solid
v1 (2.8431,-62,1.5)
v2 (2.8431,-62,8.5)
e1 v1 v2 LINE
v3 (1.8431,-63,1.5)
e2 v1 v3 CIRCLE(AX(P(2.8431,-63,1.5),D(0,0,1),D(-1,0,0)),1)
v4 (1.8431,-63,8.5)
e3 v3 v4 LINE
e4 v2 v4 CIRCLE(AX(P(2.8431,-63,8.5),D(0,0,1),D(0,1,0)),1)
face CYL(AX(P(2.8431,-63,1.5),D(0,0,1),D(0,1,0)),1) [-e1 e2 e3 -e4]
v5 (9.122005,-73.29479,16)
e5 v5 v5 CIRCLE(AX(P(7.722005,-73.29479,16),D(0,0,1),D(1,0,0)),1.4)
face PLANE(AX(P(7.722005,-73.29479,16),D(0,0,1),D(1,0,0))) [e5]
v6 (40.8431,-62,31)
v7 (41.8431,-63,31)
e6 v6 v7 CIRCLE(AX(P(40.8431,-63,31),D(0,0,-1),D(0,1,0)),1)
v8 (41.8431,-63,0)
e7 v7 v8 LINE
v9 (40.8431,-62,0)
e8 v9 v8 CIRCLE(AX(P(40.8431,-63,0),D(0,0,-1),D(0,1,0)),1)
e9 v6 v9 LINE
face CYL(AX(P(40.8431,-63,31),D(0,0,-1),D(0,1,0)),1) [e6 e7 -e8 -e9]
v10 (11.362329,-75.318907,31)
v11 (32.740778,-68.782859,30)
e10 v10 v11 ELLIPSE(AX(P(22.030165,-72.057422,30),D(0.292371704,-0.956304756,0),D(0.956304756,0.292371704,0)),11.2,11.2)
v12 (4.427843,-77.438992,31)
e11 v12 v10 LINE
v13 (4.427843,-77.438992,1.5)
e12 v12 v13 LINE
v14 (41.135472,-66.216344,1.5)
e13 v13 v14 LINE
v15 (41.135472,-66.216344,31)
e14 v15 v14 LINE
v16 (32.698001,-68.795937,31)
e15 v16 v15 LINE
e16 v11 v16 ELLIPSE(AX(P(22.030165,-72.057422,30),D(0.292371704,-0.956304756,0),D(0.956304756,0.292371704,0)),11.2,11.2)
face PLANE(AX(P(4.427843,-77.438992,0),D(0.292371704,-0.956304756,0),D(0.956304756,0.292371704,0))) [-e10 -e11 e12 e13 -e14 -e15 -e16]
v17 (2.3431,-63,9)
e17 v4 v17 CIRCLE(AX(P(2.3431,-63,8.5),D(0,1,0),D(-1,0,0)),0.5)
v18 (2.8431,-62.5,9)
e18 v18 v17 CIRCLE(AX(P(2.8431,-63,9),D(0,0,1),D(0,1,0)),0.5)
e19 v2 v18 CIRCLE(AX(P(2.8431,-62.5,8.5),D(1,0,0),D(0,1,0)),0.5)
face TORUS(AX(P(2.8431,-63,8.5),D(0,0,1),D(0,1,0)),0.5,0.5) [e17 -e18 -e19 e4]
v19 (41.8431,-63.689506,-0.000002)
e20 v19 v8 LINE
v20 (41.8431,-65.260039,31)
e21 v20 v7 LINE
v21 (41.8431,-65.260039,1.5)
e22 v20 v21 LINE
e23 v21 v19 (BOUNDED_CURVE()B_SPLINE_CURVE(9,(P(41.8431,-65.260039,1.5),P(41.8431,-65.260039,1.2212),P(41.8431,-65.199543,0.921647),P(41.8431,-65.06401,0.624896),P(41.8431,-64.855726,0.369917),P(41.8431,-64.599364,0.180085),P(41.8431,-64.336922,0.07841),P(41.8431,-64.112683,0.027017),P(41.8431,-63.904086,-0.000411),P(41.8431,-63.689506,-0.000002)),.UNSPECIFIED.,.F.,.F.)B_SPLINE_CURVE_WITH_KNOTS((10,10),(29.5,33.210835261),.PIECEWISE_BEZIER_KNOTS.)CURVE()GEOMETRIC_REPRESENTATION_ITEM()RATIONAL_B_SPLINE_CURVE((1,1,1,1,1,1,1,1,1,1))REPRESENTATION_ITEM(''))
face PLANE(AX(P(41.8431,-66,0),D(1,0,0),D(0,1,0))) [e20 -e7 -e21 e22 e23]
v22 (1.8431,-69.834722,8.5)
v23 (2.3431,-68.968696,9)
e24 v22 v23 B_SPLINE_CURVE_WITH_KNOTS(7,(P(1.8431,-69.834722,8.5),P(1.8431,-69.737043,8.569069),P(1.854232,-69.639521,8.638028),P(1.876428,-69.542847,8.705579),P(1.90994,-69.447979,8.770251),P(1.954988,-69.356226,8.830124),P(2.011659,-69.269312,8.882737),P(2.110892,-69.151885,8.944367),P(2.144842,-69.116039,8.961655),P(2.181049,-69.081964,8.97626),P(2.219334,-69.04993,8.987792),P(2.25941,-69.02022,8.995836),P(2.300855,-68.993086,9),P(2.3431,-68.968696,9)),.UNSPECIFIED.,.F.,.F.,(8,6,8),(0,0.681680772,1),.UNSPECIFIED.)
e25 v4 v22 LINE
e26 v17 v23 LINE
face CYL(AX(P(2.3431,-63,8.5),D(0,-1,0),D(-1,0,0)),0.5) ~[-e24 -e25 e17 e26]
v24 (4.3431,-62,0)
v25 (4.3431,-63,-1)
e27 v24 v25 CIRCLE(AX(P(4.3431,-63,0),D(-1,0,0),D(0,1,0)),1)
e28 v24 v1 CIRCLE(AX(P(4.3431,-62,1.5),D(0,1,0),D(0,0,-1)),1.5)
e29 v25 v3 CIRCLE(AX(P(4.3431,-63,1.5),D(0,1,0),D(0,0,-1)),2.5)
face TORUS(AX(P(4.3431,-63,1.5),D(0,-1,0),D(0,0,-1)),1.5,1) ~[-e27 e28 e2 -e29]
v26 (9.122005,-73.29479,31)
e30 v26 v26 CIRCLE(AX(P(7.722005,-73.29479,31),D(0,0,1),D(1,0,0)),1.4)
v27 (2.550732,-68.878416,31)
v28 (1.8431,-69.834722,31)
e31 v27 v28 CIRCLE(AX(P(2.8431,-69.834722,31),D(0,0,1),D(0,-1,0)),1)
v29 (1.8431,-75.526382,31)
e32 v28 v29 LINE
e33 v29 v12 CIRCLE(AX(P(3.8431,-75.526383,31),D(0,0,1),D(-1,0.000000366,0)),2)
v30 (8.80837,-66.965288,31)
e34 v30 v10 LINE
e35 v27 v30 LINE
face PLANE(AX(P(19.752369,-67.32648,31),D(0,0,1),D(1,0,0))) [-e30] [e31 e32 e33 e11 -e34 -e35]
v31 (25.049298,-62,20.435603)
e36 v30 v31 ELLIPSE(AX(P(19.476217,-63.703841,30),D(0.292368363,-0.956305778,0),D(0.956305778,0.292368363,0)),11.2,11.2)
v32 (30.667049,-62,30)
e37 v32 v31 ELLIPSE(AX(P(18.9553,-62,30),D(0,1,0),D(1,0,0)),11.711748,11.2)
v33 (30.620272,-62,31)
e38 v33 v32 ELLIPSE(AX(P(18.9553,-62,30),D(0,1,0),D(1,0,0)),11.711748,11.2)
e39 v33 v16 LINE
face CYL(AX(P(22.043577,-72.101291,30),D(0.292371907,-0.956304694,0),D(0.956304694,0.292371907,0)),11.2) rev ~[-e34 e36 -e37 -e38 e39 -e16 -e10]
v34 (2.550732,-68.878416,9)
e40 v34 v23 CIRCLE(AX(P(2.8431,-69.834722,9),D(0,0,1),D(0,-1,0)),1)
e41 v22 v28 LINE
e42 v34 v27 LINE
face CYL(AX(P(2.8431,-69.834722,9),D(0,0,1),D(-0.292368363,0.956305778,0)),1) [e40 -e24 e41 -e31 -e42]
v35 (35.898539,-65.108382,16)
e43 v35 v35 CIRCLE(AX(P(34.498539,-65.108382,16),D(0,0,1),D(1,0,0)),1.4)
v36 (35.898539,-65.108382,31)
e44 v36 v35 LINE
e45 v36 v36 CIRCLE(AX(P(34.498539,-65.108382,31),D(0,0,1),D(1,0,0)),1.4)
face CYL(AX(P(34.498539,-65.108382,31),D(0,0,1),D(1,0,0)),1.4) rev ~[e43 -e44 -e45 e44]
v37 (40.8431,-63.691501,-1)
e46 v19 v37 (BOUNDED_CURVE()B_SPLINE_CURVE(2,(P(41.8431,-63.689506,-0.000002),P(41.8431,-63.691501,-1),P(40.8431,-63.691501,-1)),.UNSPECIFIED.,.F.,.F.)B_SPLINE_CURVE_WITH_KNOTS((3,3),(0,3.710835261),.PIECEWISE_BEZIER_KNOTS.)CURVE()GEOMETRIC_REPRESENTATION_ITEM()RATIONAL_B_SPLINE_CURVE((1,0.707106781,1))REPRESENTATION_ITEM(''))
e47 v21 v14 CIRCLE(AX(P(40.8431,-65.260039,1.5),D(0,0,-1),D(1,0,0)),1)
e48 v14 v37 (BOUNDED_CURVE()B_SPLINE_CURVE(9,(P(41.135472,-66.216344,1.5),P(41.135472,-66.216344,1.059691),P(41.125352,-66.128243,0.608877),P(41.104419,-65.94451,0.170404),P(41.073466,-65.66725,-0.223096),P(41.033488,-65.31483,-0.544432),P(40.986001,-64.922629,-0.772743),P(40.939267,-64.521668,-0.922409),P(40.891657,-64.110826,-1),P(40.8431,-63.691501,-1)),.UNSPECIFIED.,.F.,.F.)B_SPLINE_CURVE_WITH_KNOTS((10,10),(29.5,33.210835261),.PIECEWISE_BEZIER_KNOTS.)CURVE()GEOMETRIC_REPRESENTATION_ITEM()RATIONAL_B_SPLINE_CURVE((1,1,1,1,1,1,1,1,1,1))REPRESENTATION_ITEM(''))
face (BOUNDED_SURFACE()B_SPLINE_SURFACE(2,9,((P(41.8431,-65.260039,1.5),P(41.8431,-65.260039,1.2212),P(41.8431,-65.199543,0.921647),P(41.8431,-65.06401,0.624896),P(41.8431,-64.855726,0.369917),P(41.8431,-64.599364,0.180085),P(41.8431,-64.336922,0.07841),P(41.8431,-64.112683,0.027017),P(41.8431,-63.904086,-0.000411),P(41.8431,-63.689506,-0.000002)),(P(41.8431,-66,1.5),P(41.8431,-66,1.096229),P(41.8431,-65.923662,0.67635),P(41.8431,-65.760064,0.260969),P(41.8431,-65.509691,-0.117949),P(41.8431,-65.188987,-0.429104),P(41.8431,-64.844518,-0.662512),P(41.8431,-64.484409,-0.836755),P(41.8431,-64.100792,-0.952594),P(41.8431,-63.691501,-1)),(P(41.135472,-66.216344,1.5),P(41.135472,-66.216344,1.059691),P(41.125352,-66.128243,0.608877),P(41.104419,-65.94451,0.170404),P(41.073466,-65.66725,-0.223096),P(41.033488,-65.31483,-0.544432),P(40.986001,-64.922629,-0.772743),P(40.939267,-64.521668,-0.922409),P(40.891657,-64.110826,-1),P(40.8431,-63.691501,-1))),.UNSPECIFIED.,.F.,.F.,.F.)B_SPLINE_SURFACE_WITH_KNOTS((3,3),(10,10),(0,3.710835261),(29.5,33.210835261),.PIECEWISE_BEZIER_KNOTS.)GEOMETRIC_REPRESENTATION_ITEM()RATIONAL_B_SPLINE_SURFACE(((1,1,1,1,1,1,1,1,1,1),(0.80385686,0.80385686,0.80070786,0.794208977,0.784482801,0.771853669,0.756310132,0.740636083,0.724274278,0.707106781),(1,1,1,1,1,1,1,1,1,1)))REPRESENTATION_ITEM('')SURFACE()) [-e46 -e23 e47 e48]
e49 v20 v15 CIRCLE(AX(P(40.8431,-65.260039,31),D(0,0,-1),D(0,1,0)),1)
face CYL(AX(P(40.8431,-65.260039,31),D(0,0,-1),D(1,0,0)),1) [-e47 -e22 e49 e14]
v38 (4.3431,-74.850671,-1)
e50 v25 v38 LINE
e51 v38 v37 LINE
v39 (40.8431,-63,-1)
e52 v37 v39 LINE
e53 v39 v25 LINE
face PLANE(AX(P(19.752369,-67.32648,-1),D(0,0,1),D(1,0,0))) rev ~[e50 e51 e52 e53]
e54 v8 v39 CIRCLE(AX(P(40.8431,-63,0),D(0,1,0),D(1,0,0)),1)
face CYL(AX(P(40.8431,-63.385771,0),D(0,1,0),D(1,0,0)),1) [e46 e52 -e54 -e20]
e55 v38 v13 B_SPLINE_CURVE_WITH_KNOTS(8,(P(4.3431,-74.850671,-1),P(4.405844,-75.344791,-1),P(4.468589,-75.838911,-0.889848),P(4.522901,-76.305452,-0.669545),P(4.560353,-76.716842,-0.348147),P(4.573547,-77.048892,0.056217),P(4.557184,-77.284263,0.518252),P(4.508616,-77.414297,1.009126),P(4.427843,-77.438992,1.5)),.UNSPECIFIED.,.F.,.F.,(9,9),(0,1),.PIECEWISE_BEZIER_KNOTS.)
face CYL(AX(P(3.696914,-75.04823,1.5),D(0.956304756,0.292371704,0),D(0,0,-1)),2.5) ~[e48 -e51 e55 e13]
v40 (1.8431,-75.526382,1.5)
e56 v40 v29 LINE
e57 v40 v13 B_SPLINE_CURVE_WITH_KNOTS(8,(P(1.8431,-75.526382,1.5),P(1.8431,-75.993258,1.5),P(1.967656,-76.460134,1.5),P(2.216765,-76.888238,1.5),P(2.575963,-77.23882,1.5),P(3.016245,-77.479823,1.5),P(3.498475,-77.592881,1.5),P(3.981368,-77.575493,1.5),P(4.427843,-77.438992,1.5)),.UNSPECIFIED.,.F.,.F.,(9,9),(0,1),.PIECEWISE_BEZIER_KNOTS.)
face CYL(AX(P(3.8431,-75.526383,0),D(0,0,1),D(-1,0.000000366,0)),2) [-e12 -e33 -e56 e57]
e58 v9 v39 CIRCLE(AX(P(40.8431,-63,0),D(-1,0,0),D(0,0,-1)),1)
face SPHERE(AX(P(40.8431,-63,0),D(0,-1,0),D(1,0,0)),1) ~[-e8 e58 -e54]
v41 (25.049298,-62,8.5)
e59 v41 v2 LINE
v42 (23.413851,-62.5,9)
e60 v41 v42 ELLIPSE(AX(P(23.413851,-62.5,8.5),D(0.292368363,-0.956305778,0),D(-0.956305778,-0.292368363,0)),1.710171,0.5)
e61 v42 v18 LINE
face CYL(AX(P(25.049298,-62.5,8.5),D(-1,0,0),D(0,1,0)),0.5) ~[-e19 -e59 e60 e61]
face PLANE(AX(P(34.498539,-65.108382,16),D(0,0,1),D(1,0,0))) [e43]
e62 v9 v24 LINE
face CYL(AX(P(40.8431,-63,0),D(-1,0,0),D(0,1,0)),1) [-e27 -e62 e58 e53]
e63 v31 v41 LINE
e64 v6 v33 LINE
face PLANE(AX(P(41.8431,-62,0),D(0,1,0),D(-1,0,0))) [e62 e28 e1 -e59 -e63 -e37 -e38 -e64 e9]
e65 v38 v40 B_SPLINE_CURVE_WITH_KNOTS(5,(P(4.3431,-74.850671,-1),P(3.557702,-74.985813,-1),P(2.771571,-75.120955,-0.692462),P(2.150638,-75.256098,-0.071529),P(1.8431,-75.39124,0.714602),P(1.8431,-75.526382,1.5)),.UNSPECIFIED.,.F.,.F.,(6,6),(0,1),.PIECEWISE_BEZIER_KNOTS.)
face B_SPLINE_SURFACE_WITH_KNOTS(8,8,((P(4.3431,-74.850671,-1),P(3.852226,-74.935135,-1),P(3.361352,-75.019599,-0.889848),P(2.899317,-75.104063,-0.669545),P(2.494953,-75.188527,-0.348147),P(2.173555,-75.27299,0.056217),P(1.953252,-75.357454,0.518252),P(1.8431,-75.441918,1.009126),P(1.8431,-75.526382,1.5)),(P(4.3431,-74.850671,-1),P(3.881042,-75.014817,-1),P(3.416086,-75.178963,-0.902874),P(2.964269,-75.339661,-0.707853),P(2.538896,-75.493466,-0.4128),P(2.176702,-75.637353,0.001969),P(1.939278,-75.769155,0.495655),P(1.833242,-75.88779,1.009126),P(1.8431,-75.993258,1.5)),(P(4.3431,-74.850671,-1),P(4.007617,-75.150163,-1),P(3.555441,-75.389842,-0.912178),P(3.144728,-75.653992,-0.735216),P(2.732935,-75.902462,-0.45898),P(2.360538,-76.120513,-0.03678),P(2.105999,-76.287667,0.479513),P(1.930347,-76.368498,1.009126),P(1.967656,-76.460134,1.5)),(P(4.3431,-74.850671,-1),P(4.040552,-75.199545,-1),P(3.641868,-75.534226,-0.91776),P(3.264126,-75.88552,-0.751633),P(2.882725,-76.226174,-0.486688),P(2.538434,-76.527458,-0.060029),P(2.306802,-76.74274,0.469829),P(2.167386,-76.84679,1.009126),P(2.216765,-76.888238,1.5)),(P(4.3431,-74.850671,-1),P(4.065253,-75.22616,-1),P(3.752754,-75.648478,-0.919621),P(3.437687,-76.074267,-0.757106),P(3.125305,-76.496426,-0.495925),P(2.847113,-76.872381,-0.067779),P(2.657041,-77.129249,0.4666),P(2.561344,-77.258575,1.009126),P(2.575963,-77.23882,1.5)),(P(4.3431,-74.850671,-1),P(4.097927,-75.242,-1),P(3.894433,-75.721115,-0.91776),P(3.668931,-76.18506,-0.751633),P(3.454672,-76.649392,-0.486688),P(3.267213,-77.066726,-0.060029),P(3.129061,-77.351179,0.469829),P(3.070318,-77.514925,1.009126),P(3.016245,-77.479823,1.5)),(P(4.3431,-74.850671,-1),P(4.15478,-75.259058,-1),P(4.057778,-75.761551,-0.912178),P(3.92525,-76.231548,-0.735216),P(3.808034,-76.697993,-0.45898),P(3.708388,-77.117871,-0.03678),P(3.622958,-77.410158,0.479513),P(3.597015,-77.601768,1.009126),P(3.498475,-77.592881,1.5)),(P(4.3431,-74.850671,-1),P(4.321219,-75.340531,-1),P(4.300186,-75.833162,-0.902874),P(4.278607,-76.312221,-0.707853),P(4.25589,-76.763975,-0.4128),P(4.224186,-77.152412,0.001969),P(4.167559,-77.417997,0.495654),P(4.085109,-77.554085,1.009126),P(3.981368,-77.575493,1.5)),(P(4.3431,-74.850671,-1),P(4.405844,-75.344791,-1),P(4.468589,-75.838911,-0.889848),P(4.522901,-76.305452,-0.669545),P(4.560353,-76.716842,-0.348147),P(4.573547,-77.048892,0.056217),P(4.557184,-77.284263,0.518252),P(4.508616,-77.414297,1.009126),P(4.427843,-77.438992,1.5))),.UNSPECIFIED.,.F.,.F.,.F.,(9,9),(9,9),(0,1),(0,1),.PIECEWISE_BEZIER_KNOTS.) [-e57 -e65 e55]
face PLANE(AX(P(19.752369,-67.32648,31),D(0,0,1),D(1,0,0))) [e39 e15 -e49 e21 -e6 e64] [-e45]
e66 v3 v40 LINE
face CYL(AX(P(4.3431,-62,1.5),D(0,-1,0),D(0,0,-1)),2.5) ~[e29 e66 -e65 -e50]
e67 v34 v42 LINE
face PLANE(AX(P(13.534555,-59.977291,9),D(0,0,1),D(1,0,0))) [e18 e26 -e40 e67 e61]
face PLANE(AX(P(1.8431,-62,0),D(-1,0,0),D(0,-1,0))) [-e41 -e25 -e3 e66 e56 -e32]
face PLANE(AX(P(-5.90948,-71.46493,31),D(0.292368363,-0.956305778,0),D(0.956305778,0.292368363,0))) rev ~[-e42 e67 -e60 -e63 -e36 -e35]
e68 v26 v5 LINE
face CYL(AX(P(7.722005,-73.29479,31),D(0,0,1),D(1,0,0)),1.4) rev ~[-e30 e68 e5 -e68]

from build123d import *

# Parameters (mm, degrees)
PAD005_DEPTH      = 31
PAD005_DEPTH_BACK = 1
SKETCH005_R       = 11.2
POCKET_DEPTH      = 15.56696
POCKET006_DEPTH   = 22
SKETCH016_R       = 1.4
POCKET009_DEPTH   = 15
FILLET003_R       = 2.5
FILLET004_R       = 1
FILLET005_R       = 1
FILLET006_R       = 1
FILLET007_R       = 0.5


with BuildPart() as part:
    # Sketch004 → Pad005 (new body, two sides)
    with BuildSketch(Plane.XY) as pad005_sk:
        with BuildLine():
            Line((41.8431, -62), (1.8431, -62))
            Line((1.8431, -62), (1.8431, -75.526382))
            ThreePointArc((1.8431, -75.526382), (2.653454, -77.134096), (4.427843, -77.438992))
            Line((4.427843, -77.438992), (41.8431, -66))
            Line((41.8431, -66), (41.8431, -62))
        make_face()
    extrude(amount=PAD005_DEPTH)
    extrude(pad005_sk.sketch, amount=-PAD005_DEPTH_BACK)

    # Sketch005 → Pocket (cut, through all)
    with BuildSketch(Plane(origin=(22.043577, -72.101291, 0), x_dir=(0.956305, 0.292372, 0), z_dir=(0.292372, -0.956305, 0))):
        with Locations((0, 30)):
            Circle(SKETCH005_R)
    extrude(amount=-POCKET_DEPTH, mode=Mode.SUBTRACT)

    # Sketch007 → Pocket006 (cut)
    with BuildSketch(Plane.XY.offset(31)):
        Polygon((-4.66376, -53.953282), (-5.90948, -71.46493), (38.1328, -58.000022), (37.116007, -54.0061), align=None)
    extrude(amount=-POCKET006_DEPTH, mode=Mode.SUBTRACT)

    # Sketch016 → Pocket009 (cut)
    with BuildSketch(Plane.XY.offset(31)):
        with Locations((34.498539, -65.108382)):
            Circle(SKETCH016_R)
        with Locations((7.722005, -73.29479)):
            Circle(SKETCH016_R)
    extrude(amount=-POCKET009_DEPTH, mode=Mode.SUBTRACT)

    # Fillet003
    fillet003_edges = [part.edges().sort_by_distance(p)[0] for p in [
        (23.135472, -71.719496, -1),
    ]]
    fillet(fillet003_edges, radius=FILLET003_R)

    # Fillet004
    fillet004_edges = [part.edges().sort_by_distance(p)[0] for p in [
        (41.8431, -66, 16.25),
    ]]
    fillet(fillet004_edges, radius=FILLET004_R)

    # Fillet005
    fillet005_edges = [part.edges().sort_by_distance(p)[0] for p in [
        (41.8431, -62, 15.5),
    ]]
    fillet(fillet005_edges, radius=FILLET005_R)

    # Fillet006
    fillet006_edges = [part.edges().sort_by_distance(p)[0] for p in [
        (1.8431, -69.094758, 20),
    ]]
    fillet(fillet006_edges, radius=FILLET006_R)

    # Fillet007
    fillet007_edges = [part.edges().sort_by_distance(p)[0] for p in [
        (1.8431, -66.047379, 9),
    ]]
    fillet(fillet007_edges, radius=FILLET007_R)


solid = part.part
